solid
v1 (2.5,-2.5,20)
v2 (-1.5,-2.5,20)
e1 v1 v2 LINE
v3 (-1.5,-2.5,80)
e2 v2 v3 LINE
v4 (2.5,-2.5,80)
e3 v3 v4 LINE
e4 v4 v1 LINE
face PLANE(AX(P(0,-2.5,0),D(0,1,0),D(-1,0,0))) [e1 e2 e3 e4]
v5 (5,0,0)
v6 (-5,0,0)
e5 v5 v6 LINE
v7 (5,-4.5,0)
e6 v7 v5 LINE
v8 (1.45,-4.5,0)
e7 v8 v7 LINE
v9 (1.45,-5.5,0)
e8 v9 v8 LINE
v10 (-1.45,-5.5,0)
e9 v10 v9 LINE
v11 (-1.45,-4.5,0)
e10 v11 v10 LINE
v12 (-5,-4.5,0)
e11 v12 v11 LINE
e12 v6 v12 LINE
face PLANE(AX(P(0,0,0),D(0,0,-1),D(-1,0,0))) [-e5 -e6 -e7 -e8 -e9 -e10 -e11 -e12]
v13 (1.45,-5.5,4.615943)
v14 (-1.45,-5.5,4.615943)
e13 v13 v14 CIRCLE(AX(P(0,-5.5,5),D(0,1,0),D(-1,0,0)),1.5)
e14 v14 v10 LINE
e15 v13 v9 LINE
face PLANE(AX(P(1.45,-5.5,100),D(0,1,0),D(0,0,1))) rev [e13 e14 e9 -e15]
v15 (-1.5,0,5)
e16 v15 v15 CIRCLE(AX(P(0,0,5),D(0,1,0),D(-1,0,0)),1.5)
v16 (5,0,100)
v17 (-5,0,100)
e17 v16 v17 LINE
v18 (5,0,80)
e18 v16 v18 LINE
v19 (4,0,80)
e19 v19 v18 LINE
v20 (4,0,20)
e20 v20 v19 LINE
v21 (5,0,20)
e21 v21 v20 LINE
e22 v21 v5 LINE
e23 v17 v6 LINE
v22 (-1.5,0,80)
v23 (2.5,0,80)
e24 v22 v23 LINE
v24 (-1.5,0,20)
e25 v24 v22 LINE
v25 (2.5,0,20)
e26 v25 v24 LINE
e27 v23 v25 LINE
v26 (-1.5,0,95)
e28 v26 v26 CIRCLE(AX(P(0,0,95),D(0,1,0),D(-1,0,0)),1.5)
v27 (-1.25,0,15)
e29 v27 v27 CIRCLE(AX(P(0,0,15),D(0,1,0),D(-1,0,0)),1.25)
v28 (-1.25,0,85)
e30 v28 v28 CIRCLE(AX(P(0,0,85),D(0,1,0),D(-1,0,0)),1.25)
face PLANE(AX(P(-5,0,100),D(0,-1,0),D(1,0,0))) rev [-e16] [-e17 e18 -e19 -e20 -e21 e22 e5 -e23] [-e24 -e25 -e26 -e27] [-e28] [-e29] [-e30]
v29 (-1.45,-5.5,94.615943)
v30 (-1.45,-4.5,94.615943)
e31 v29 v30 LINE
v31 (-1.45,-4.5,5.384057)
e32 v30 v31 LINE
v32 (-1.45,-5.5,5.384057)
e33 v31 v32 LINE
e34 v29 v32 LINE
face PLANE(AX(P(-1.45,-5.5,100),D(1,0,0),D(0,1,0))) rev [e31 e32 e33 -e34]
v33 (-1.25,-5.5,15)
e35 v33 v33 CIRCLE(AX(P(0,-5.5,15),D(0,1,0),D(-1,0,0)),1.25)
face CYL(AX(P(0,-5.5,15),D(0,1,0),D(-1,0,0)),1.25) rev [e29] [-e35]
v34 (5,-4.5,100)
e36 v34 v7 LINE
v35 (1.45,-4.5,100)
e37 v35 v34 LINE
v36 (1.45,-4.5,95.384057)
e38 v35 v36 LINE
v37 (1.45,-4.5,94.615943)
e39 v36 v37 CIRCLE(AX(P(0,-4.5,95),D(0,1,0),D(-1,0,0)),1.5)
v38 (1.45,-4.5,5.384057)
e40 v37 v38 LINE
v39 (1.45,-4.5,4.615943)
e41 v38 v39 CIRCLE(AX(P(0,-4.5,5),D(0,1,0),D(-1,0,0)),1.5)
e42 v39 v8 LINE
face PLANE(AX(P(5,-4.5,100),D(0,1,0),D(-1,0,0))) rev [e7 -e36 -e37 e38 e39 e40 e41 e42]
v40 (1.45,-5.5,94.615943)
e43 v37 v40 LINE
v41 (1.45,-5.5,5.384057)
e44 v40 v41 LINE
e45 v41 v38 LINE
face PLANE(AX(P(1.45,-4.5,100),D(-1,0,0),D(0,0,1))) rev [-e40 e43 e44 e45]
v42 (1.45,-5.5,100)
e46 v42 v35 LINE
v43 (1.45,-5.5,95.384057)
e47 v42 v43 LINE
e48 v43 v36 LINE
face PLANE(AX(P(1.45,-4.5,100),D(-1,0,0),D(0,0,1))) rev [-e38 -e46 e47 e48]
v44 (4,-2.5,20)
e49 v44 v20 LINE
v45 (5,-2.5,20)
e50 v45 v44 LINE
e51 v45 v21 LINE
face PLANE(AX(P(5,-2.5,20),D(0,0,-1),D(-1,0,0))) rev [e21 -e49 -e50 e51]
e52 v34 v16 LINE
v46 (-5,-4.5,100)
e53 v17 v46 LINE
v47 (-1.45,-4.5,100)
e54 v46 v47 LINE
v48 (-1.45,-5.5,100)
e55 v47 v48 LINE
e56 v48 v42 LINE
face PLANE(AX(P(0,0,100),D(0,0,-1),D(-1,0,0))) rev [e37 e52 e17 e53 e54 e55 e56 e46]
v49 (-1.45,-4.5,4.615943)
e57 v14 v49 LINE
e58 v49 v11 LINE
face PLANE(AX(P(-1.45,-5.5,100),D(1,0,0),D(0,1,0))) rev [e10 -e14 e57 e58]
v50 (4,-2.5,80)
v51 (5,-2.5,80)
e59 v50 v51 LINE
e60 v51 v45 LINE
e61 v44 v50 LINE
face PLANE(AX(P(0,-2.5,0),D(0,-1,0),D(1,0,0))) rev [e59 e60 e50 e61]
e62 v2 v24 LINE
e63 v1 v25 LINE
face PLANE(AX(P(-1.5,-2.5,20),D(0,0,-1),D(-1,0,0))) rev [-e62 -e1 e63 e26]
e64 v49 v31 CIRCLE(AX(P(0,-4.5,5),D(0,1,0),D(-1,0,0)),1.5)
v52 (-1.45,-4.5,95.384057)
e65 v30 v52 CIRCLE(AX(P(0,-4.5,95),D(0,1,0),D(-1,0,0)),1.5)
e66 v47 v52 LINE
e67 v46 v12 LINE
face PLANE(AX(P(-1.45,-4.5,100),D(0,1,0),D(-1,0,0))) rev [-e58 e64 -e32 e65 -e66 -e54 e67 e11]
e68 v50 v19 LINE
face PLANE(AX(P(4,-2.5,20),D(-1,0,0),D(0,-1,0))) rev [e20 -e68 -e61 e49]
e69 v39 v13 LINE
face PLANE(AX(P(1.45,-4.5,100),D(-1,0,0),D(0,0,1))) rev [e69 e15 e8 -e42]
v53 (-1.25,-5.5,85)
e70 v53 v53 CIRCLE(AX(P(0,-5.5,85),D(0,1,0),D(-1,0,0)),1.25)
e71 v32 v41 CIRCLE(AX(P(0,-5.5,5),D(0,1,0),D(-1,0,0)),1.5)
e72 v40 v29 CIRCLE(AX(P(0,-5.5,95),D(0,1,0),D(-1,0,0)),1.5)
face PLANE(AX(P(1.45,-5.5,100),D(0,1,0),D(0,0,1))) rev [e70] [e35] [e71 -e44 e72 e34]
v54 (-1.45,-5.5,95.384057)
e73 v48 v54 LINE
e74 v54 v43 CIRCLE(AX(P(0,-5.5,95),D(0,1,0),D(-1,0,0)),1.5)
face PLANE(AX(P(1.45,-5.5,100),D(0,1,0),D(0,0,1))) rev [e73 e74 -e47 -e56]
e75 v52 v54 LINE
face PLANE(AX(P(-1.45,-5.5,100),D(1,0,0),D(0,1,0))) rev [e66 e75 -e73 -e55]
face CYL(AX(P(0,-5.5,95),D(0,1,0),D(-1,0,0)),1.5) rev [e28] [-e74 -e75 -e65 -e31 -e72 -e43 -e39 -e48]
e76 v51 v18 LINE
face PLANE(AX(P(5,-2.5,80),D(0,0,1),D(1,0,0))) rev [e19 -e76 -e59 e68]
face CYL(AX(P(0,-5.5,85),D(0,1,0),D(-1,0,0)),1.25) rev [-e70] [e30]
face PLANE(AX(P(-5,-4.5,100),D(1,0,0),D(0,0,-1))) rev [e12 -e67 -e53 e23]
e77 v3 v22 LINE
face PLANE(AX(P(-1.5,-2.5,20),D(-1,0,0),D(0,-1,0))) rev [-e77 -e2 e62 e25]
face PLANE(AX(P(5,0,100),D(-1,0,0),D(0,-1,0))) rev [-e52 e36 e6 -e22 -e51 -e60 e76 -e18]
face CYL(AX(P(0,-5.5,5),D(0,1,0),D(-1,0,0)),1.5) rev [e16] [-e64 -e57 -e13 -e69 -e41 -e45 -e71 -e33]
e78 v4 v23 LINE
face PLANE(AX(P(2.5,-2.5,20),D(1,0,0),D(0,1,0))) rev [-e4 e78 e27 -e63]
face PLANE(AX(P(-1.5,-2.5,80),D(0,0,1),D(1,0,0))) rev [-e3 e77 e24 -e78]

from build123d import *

# Parameters (mm, degrees)
MAIN_DEPTH      = 100
SKETCH2_R       = 1.25
SKETCH2_R_2     = 1.5
MAINHOLES_DEPTH = 6.5
SKETCH3_W       = 1
SKETCH3_H       = 60
SKETCH3_W_2     = 4
PINHOLES_DEPTH  = 2.5


with BuildPart() as part:
    # Sketch1 → Main (new body)
    with BuildSketch(Plane.XY):
        Polygon((-5, 0), (5, 0), (5, -4.5), (1.45, -4.5), (1.45, -5.5), (-1.45, -5.5), (-1.45, -4.5), (-5, -4.5), align=None)
    extrude(amount=MAIN_DEPTH)

    # Sketch2 → MainHoles (cut, through all)
    with BuildSketch(Plane(origin=(0, 0, 0), x_dir=(1, 0, 0), z_dir=(0, 1, 0))):
        with Locations((0, -85)):
            Circle(SKETCH2_R)
        with Locations((0, -15)):
            Circle(SKETCH2_R)
        with Locations((0, -5)):
            Circle(SKETCH2_R_2)
        with Locations((0, -95)):
            Circle(SKETCH2_R_2)
    extrude(amount=-MAINHOLES_DEPTH, mode=Mode.SUBTRACT)

    # Sketch3 → PinHoles (cut)
    with BuildSketch(Plane(origin=(0, 0, 0), x_dir=(1, 0, 0), z_dir=(0, 1, 0))):
        with Locations((4.5, -50)):
            Rectangle(SKETCH3_W, SKETCH3_H)
        with Locations((0.5, -50)):
            Rectangle(SKETCH3_W_2, SKETCH3_H)
    extrude(amount=-PINHOLES_DEPTH, mode=Mode.SUBTRACT)


solid = part.part
